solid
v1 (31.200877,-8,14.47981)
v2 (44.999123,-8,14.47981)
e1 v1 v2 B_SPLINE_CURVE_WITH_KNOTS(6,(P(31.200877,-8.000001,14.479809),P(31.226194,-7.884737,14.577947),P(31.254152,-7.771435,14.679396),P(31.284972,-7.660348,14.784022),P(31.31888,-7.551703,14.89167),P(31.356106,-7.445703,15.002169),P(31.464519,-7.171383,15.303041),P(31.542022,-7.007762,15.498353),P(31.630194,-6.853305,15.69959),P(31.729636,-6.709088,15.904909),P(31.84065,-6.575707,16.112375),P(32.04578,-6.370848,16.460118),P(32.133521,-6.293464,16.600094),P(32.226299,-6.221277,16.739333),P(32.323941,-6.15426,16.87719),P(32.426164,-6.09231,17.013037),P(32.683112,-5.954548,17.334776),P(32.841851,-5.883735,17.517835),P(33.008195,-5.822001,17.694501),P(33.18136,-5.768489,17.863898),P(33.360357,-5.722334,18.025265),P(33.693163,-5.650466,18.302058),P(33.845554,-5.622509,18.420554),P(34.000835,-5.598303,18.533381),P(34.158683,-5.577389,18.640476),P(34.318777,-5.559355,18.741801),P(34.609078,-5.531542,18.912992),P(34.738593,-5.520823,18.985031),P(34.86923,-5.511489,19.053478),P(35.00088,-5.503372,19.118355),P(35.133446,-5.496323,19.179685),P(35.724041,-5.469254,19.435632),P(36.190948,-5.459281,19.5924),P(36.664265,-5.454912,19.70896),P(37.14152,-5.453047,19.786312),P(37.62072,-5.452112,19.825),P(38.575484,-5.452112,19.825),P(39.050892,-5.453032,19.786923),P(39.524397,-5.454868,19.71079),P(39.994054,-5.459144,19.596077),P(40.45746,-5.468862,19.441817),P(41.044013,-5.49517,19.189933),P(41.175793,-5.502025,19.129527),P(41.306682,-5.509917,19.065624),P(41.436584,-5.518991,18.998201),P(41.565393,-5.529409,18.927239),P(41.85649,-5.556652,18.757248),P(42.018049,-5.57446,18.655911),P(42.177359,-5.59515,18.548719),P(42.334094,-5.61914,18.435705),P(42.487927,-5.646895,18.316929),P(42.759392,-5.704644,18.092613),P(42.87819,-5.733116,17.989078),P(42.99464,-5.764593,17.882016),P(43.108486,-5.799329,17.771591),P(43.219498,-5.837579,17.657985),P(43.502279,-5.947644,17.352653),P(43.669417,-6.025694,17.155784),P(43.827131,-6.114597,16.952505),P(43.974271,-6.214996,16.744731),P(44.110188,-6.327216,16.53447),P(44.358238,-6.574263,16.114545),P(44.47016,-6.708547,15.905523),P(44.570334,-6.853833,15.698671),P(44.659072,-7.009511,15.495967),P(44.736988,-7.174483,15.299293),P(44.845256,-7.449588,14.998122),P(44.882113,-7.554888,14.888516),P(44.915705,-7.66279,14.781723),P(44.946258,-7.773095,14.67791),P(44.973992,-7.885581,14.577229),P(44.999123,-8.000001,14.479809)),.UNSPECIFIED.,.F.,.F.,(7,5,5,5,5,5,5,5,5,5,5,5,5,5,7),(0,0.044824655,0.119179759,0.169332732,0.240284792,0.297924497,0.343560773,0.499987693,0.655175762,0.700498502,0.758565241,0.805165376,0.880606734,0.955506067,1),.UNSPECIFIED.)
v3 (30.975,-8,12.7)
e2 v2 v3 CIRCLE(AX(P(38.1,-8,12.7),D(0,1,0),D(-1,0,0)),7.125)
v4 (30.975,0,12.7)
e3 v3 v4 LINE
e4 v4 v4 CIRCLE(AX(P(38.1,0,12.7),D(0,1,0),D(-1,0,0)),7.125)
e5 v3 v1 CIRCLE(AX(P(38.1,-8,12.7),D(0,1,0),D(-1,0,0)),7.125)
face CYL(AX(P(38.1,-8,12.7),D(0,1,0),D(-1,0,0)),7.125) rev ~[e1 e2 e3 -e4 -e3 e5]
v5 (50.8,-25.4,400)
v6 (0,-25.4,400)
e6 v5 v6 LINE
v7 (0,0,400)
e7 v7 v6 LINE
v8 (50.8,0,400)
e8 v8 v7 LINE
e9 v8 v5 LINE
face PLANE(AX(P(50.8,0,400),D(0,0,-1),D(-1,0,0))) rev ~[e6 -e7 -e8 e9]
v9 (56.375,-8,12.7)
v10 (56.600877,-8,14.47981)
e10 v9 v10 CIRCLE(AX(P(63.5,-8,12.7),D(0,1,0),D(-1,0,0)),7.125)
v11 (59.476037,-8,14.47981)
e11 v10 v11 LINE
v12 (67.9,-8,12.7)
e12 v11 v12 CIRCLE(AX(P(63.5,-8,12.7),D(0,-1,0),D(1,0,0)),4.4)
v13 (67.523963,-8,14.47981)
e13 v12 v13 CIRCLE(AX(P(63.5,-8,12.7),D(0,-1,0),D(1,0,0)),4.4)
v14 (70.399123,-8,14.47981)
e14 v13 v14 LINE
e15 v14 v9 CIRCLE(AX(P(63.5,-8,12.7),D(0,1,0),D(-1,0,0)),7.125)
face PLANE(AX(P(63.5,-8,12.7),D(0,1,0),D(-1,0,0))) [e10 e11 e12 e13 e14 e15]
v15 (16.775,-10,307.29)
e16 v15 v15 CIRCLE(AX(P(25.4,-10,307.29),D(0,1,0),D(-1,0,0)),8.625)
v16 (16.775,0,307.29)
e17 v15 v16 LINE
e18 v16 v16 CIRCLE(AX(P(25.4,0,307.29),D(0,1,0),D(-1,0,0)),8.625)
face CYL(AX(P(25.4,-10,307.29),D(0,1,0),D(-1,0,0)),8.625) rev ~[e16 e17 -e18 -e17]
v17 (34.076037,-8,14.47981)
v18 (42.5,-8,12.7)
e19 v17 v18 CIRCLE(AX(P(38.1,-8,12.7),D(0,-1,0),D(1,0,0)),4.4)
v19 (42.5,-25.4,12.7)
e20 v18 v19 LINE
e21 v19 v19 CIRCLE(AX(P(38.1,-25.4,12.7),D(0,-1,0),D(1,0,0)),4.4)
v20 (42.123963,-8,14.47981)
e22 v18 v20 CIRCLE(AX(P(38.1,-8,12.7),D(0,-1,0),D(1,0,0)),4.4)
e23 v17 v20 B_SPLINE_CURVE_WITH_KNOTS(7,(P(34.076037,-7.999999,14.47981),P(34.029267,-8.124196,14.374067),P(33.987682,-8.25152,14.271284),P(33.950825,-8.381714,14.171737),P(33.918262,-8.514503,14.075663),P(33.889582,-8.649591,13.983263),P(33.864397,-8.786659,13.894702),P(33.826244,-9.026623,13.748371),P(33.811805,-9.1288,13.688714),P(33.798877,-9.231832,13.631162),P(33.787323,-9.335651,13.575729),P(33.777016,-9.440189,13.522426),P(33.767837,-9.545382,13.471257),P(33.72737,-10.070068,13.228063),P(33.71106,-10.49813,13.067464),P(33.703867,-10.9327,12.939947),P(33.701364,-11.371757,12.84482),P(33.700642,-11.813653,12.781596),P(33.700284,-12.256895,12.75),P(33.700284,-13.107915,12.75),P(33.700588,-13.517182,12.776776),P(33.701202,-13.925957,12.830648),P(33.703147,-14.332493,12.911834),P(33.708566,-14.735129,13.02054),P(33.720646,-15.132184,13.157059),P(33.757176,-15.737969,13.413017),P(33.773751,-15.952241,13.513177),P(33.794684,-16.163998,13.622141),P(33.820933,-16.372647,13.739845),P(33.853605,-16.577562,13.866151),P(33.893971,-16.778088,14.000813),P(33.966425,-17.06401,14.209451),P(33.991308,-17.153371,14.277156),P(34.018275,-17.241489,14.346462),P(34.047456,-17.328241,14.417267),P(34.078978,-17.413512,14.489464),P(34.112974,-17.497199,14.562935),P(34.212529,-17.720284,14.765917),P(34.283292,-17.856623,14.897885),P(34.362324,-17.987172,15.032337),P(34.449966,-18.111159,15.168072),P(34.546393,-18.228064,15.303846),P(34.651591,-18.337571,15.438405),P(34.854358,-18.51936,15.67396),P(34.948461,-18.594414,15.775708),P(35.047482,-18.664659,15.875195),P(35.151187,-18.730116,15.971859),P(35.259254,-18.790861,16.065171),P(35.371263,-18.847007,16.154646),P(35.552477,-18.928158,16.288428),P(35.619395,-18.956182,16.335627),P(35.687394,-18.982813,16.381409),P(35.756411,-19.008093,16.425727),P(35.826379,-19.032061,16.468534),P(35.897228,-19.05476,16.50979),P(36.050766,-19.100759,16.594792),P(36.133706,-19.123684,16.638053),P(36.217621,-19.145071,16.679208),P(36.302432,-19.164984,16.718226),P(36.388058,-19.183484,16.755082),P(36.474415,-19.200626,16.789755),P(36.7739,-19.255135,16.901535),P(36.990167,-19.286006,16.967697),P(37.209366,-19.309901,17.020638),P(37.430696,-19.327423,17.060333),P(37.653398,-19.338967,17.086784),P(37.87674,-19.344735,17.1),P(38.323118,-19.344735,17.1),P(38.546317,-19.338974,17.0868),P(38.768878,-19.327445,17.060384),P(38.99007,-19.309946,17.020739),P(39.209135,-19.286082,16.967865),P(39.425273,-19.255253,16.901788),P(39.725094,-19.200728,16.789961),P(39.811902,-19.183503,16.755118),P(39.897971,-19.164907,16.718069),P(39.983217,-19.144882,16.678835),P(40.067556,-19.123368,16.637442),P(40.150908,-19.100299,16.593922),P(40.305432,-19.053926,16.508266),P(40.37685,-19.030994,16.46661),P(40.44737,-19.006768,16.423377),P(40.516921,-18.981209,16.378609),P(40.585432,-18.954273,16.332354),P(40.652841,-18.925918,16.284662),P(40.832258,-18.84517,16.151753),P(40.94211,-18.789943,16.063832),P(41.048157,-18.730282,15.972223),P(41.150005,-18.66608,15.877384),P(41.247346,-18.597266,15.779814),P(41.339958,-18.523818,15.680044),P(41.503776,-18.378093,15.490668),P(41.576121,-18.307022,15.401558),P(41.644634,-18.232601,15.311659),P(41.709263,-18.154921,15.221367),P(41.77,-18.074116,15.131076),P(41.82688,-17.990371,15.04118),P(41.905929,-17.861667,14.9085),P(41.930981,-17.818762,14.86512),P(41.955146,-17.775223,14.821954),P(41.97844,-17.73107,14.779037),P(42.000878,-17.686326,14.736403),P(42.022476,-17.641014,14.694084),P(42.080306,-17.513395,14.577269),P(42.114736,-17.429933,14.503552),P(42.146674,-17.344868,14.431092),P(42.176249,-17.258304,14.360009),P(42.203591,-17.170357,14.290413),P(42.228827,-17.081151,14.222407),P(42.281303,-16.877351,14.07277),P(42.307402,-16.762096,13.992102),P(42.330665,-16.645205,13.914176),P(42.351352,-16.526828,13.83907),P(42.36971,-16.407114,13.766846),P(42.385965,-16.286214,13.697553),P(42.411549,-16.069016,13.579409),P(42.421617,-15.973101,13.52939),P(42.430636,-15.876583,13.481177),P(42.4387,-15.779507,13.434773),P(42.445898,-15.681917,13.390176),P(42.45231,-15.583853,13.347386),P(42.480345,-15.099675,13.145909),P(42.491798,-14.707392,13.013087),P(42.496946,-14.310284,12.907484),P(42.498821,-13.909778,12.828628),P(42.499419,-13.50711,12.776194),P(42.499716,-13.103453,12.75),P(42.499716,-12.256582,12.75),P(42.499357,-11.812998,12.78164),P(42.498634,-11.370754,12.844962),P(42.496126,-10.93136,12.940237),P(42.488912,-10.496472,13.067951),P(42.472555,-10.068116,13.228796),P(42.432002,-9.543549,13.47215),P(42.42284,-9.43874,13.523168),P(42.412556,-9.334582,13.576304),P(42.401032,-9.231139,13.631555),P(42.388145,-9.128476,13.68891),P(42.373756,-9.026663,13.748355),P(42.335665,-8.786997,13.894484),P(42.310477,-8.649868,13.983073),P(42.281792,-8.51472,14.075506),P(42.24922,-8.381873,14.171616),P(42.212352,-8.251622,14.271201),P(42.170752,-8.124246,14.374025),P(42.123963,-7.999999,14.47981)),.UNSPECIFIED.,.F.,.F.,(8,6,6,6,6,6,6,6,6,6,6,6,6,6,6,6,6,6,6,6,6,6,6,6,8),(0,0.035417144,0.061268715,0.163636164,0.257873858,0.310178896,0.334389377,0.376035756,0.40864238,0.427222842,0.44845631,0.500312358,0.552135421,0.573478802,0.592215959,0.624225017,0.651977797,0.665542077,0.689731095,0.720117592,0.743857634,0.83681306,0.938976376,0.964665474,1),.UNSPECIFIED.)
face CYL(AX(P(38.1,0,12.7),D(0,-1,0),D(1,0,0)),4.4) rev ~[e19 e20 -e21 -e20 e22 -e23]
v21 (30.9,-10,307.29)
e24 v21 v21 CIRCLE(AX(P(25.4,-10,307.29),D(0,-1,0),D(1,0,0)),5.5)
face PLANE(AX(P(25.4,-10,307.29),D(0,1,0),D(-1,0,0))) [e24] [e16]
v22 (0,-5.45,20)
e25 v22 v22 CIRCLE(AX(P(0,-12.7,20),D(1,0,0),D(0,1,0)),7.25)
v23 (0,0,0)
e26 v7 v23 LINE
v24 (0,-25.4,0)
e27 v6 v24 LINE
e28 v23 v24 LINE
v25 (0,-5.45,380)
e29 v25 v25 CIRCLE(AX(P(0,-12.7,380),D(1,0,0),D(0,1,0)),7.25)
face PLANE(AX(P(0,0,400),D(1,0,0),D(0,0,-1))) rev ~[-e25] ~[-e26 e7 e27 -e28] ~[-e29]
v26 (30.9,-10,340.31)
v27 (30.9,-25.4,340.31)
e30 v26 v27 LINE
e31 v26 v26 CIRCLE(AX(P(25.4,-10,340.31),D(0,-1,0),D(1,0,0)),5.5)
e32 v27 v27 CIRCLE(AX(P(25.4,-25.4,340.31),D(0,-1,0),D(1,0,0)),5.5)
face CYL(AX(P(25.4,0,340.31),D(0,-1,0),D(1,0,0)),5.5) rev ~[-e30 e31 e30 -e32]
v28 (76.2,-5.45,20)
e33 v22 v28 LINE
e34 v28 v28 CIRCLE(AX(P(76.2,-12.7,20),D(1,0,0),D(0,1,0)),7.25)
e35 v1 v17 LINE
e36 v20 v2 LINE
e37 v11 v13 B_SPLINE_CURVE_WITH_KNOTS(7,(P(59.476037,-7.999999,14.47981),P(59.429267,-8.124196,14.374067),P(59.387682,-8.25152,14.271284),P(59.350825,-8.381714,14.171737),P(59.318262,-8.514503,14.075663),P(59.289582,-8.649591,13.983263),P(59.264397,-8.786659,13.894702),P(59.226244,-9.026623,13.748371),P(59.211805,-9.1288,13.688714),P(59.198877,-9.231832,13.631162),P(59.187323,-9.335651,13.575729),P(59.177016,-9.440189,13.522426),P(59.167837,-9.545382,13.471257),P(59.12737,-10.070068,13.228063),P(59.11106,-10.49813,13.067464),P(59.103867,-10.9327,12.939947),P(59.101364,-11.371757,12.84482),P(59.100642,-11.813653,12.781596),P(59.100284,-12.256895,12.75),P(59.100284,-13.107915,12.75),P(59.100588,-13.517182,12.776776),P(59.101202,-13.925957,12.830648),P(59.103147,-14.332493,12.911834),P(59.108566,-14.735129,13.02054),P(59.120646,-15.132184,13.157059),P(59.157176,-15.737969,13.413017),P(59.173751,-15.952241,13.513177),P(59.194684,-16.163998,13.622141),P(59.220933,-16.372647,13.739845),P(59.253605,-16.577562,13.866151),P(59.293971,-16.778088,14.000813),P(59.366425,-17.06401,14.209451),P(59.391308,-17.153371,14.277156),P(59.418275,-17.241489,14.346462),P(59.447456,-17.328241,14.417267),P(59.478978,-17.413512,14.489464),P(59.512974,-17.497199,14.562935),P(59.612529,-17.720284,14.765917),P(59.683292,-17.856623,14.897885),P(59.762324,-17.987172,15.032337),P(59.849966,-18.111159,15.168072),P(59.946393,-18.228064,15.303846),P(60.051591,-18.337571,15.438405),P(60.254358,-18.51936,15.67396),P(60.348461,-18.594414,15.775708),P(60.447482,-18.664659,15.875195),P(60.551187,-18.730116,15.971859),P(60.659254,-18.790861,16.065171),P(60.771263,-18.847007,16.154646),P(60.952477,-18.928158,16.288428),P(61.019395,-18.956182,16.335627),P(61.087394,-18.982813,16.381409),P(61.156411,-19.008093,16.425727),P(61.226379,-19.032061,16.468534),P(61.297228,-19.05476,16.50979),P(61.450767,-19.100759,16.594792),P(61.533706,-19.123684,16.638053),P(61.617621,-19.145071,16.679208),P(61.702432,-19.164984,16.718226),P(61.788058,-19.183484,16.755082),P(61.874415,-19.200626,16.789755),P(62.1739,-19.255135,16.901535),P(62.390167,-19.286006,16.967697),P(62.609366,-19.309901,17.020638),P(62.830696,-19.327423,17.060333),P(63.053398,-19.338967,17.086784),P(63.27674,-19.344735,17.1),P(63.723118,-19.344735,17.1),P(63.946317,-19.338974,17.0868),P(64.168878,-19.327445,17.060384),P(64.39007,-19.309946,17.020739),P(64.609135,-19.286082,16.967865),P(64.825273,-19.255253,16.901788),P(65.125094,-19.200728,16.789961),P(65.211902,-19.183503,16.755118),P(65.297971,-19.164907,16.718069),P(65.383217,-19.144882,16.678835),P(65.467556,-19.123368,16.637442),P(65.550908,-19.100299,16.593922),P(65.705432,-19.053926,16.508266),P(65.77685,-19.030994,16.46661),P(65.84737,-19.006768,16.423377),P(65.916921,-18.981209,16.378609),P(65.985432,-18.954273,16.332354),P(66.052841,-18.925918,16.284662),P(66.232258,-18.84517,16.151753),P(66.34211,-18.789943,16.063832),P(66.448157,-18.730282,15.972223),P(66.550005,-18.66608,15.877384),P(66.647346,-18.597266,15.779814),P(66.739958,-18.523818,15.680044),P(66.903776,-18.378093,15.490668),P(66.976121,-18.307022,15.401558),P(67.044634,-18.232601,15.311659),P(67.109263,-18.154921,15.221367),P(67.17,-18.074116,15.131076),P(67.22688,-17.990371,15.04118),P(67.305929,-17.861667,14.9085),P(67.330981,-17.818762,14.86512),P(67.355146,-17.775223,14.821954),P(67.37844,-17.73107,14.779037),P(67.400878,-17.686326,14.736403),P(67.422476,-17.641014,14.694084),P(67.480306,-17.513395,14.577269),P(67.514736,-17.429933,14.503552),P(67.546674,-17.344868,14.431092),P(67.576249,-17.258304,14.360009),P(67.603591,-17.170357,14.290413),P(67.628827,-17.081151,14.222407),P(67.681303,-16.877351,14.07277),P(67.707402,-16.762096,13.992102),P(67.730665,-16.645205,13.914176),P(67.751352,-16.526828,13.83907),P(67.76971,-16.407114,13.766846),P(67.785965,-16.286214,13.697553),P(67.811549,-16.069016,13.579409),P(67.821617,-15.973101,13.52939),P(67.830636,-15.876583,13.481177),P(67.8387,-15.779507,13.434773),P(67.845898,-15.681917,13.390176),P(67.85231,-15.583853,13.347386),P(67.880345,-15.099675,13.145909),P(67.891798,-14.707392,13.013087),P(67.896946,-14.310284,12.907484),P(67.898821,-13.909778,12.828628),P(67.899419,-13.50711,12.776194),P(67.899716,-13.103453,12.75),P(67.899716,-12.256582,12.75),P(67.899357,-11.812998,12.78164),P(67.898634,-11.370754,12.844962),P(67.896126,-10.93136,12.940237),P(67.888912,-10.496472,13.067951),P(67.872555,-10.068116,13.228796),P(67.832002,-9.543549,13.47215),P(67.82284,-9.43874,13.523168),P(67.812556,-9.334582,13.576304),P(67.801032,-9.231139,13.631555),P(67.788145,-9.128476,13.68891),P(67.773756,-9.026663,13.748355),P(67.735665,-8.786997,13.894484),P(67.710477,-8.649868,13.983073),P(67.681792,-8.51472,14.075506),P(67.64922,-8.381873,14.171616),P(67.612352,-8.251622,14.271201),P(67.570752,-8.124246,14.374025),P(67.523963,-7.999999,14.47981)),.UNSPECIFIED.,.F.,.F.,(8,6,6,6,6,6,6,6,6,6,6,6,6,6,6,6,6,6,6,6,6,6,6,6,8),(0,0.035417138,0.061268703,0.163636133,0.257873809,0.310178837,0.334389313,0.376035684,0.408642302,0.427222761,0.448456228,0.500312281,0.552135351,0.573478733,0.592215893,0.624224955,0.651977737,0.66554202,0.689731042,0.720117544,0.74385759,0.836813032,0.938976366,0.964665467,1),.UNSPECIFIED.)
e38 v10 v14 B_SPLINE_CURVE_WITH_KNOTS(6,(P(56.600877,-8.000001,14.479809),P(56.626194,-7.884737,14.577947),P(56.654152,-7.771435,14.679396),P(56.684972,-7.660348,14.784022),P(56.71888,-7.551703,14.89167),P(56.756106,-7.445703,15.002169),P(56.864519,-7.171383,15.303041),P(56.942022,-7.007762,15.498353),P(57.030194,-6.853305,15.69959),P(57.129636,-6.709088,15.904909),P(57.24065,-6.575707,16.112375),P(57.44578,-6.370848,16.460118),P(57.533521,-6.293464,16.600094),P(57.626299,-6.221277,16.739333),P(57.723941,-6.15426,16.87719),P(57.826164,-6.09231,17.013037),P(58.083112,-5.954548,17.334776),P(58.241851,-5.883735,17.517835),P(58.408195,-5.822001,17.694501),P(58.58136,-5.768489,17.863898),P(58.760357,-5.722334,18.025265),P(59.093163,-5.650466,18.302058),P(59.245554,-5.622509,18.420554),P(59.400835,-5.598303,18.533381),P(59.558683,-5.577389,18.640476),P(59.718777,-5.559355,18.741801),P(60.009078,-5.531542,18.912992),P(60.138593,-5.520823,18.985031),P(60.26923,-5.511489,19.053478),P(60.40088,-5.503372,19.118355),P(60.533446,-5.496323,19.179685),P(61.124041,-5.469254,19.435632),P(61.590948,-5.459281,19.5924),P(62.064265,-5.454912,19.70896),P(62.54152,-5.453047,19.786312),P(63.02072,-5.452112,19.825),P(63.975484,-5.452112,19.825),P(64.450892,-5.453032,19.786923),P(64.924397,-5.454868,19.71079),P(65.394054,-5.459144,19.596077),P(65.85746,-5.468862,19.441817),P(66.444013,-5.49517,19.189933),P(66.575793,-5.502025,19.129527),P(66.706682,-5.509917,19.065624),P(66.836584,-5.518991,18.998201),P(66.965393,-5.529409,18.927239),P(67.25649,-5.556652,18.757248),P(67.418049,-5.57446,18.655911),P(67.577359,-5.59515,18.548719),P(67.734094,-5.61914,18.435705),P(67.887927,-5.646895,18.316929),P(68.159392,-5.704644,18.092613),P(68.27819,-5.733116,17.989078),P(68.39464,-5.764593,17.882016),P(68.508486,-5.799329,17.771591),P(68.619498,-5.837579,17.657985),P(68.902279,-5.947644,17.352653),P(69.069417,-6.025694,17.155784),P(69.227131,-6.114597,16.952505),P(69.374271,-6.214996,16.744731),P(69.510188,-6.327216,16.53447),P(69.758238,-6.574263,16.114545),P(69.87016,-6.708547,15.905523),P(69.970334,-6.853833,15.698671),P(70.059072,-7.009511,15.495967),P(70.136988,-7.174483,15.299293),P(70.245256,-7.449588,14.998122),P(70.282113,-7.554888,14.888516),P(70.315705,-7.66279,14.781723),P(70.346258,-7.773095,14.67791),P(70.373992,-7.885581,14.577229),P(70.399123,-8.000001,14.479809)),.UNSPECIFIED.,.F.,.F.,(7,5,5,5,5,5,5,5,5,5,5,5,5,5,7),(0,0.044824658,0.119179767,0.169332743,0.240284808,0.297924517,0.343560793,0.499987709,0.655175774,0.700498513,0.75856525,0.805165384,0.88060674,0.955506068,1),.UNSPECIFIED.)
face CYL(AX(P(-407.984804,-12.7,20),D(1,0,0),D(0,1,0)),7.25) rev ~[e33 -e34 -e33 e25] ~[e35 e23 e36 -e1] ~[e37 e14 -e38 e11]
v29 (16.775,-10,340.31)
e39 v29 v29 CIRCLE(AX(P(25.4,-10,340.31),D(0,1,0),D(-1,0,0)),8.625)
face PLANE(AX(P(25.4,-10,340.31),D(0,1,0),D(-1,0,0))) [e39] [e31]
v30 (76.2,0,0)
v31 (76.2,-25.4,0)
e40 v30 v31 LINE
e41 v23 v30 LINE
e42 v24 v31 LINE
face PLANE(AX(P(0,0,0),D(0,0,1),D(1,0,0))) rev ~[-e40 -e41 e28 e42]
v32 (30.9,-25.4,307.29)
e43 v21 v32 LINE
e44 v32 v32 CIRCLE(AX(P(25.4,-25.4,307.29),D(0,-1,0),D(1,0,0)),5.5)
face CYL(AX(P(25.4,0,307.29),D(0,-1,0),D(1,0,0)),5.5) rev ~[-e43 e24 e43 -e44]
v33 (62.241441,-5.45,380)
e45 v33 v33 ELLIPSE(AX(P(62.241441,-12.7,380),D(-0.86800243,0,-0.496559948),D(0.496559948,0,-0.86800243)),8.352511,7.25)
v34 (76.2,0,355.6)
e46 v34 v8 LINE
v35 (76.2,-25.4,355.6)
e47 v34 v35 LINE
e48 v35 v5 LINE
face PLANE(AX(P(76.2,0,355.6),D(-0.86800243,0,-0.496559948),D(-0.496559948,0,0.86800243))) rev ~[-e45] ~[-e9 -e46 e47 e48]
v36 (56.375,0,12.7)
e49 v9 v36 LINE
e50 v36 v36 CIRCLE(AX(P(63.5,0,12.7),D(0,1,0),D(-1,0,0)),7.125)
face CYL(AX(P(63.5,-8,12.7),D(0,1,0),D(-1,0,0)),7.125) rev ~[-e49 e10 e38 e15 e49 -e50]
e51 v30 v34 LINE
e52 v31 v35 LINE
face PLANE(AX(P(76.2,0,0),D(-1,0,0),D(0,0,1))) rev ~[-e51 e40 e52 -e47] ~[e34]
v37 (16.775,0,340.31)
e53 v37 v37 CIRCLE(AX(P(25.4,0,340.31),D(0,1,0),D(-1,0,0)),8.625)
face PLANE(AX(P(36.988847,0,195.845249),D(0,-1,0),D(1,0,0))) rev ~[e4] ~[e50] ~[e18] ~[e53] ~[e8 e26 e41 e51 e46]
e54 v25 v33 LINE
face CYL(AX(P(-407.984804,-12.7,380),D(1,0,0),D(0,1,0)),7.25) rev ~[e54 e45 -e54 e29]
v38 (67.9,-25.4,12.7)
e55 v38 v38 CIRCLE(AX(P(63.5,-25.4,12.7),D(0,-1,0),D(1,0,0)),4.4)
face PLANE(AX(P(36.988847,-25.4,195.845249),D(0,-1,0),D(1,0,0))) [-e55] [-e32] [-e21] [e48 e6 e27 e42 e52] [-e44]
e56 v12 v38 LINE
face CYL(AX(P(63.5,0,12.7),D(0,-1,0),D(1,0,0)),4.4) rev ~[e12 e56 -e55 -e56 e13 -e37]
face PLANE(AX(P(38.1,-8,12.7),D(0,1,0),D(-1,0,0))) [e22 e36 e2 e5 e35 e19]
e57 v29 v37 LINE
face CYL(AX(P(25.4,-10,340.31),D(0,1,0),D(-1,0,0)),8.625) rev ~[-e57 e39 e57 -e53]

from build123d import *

# Parameters (mm, degrees)
F1_DEPTH       = 25.4
F3_D           = 14.5
F5_D           = 8.8
F5_CBORE_D     = 14.25
F5_CBORE_DEPTH = 8
F7_D           = 11
F7_CBORE_D     = 17.25
F7_CBORE_DEPTH = 10


with BuildPart() as f1:
    # F0 (on Front) → F1 (new body)
    with BuildSketch(Plane.XZ):
        Polygon((0, 400), (0, 0), (76.2, 0), (76.2, 355.6), (50.8, 400), align=None)
    extrude(amount=F1_DEPTH)

    # F3 (through all)
    with Locations(Plane(origin=(0, 0, 0), x_dir=(0, -1, 0), z_dir=(-1, 0, 0))):
        with Locations((12.7, 20), (12.7, 380)):
            Hole(F3_D / 2)

    # F5 (through all)
    with Locations(Plane(origin=(0, 0, 0), x_dir=(-1, 0, 0), z_dir=(0, 1, 0))):
        with Locations((-63.5, 12.7), (-38.1, 12.7)):
            CounterBoreHole(F5_D / 2, F5_CBORE_D / 2, F5_CBORE_DEPTH)

    # F7 (through all)
    with Locations(Plane(origin=(0, 0, 0), x_dir=(-1, 0, 0), z_dir=(0, 1, 0))):
        with Locations((-25.4, 340.31), (-25.4, 307.29)):
            CounterBoreHole(F7_D / 2, F7_CBORE_D / 2, F7_CBORE_DEPTH)


solid = f1.part
